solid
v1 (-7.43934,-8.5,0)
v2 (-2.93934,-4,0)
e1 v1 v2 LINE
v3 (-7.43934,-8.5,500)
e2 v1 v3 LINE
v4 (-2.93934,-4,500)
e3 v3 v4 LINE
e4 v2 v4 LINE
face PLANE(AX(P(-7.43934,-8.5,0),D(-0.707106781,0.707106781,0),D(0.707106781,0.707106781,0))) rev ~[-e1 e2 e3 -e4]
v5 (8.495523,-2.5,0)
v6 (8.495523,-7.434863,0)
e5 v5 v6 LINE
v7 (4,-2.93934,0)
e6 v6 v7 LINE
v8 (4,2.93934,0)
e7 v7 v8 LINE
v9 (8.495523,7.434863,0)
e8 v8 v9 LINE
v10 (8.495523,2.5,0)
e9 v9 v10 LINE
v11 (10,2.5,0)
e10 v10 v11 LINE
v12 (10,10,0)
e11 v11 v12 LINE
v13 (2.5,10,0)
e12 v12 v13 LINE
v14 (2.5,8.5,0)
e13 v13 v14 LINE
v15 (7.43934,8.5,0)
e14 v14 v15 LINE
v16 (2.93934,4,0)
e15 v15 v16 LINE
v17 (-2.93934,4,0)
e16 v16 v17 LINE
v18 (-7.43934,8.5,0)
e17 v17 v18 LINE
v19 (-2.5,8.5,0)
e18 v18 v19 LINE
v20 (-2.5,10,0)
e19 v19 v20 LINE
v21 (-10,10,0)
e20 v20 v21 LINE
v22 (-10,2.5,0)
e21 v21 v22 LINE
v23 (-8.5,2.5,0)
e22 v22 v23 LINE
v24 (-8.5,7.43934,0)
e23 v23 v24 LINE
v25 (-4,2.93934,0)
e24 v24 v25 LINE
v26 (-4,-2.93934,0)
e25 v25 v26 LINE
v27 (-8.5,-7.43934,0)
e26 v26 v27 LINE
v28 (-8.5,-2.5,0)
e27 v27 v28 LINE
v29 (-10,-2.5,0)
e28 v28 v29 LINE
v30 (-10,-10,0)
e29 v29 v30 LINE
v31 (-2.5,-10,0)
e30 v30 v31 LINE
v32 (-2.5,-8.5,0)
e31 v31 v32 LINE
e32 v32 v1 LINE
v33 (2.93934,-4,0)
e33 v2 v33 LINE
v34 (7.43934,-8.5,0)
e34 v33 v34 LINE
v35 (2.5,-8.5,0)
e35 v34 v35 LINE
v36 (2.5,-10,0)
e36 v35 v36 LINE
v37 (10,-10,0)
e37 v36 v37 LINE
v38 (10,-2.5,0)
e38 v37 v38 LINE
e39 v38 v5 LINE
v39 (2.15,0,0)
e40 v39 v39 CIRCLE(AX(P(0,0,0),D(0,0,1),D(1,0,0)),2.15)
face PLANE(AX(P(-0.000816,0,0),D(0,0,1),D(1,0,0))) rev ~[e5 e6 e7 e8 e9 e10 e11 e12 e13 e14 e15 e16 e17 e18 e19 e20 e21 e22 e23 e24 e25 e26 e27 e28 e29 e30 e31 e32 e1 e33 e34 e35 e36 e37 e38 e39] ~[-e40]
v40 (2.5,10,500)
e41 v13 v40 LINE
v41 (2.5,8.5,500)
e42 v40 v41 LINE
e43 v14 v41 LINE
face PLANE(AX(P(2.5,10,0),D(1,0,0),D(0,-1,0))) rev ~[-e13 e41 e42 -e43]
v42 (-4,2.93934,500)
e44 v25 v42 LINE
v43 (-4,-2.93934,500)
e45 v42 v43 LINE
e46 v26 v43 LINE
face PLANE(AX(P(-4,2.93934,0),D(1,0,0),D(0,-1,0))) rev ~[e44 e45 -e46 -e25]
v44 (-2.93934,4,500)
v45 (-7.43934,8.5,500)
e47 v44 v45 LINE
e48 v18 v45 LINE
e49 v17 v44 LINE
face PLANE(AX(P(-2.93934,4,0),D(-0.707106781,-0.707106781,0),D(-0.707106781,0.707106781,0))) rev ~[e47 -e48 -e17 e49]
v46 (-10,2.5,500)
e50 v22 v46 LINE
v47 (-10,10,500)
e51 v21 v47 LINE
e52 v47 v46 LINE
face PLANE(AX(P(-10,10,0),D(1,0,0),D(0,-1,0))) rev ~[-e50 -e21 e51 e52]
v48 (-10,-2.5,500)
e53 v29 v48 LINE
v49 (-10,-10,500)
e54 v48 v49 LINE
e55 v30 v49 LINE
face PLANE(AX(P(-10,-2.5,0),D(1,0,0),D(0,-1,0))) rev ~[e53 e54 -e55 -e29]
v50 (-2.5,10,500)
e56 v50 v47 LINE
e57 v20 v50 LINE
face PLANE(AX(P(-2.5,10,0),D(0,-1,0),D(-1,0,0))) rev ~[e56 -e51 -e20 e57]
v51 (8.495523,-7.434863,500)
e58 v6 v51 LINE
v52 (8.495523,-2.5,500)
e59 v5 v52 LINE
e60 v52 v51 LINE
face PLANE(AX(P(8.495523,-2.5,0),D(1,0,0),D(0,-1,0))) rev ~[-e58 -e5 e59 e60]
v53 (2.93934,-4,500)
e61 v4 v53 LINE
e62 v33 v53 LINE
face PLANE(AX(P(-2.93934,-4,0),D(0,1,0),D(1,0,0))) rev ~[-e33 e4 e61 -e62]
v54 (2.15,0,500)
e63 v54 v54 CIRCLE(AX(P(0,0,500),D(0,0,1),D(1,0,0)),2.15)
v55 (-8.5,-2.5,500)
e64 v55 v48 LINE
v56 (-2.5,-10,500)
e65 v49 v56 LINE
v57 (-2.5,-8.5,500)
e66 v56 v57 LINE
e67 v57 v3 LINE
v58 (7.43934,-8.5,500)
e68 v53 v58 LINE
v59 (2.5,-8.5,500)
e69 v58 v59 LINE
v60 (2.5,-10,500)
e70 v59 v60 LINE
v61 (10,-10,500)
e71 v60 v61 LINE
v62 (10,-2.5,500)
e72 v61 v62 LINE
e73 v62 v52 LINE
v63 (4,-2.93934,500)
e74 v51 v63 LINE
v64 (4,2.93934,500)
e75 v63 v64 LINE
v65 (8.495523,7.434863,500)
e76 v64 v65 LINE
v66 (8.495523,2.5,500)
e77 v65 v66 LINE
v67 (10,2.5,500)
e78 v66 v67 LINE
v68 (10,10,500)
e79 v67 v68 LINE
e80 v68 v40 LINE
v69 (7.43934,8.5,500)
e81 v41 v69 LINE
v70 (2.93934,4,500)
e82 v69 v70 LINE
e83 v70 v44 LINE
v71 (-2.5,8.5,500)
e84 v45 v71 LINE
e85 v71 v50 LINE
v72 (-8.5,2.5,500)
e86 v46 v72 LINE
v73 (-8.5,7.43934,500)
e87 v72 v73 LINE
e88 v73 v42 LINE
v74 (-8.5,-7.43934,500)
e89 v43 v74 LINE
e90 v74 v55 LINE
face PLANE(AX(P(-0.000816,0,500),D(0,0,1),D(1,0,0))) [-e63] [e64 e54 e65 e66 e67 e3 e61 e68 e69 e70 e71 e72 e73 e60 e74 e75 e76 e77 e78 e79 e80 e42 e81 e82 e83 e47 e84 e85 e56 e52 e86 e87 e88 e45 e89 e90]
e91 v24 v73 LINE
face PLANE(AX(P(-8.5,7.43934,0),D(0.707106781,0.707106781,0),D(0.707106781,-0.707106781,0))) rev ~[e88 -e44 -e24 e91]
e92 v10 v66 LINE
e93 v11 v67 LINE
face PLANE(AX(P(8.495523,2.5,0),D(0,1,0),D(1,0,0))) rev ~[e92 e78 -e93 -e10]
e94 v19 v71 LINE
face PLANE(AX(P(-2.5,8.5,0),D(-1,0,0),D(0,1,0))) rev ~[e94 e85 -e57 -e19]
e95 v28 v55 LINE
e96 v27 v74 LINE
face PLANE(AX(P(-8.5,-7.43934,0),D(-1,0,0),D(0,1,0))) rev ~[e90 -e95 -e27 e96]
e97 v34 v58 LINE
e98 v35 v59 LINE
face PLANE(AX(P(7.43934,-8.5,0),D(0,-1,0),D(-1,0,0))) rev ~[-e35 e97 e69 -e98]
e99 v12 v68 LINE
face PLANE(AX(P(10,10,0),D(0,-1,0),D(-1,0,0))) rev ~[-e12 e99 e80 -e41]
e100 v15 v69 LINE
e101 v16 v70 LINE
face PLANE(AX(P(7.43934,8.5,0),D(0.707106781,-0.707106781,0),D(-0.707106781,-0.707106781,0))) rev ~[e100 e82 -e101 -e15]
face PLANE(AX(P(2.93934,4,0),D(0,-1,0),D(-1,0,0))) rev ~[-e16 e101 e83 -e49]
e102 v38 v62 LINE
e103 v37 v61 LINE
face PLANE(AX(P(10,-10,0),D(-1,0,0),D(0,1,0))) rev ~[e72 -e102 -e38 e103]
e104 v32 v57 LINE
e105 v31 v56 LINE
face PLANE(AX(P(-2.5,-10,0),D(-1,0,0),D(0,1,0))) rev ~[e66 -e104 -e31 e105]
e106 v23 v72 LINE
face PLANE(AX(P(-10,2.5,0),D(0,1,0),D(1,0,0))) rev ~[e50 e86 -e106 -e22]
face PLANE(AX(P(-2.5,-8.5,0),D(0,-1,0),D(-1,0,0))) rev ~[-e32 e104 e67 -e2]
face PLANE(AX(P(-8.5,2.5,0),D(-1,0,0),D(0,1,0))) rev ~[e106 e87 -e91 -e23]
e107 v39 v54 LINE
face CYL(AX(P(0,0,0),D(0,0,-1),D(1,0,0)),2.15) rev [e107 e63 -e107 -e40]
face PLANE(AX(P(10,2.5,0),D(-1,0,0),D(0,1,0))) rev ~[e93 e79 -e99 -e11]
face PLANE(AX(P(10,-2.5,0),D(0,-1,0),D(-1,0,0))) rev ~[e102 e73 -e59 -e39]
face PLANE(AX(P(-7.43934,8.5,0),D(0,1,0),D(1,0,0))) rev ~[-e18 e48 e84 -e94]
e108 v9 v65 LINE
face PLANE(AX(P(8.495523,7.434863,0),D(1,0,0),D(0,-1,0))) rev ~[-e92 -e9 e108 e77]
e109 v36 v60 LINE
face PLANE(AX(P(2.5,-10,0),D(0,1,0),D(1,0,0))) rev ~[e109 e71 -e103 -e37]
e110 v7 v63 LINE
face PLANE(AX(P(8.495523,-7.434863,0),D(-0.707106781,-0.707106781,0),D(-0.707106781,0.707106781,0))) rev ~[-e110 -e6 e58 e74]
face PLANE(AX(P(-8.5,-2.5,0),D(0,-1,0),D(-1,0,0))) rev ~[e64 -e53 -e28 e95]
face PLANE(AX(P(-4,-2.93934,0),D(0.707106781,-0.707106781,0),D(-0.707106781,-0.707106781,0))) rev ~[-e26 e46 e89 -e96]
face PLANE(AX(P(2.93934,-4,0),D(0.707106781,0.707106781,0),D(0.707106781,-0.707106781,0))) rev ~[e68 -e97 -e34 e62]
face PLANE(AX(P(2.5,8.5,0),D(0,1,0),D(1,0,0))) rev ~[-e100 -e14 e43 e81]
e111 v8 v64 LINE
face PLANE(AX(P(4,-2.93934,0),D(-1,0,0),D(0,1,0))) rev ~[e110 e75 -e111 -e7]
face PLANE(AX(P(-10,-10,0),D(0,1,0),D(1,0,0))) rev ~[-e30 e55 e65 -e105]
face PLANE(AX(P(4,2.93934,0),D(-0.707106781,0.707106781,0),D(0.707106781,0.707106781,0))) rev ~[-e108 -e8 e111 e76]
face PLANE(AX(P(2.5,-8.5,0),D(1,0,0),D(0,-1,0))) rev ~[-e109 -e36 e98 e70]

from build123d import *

# Parameters (mm, degrees)
SKIZZE2_R                       = 2.15
AUFSATZ_LINEAR_AUSTRAGEN1_DEPTH = 500


with BuildPart() as part:
    # Skizze2 → Aufsatz-Linear austragen1 (new body)
    with BuildSketch(Plane.XY):
        Polygon((-10, -2.5), (-10, -10), (-2.5, -10), (-2.5, -8.5), (-7.439339828, -8.5), (-2.939339828, -4), (2.939339828, -4), (7.439339828, -8.5), (2.5, -8.5), (2.5, -10), (10, -10), (10, -2.5), (8.495523259, -2.5), (8.495523259, -7.434863087), (4, -2.939339828), (4, 2.939339828), (8.495523259, 7.434863087), (8.495523259, 2.5), (10, 2.5), (10, 10), (2.5, 10), (2.5, 8.5), (7.439339828, 8.5), (2.939339828, 4), (-2.939339828, 4), (-7.439339828, 8.5), (-2.5, 8.5), (-2.5, 10), (-10, 10), (-10, 2.5), (-8.5, 2.5), (-8.5, 7.439339828), (-4, 2.939339828), (-4, -2.939339828), (-8.5, -7.439339828), (-8.5, -2.5), align=None)
        Circle(SKIZZE2_R, mode=Mode.SUBTRACT)
    extrude(amount=AUFSATZ_LINEAR_AUSTRAGEN1_DEPTH)


solid = part.part
